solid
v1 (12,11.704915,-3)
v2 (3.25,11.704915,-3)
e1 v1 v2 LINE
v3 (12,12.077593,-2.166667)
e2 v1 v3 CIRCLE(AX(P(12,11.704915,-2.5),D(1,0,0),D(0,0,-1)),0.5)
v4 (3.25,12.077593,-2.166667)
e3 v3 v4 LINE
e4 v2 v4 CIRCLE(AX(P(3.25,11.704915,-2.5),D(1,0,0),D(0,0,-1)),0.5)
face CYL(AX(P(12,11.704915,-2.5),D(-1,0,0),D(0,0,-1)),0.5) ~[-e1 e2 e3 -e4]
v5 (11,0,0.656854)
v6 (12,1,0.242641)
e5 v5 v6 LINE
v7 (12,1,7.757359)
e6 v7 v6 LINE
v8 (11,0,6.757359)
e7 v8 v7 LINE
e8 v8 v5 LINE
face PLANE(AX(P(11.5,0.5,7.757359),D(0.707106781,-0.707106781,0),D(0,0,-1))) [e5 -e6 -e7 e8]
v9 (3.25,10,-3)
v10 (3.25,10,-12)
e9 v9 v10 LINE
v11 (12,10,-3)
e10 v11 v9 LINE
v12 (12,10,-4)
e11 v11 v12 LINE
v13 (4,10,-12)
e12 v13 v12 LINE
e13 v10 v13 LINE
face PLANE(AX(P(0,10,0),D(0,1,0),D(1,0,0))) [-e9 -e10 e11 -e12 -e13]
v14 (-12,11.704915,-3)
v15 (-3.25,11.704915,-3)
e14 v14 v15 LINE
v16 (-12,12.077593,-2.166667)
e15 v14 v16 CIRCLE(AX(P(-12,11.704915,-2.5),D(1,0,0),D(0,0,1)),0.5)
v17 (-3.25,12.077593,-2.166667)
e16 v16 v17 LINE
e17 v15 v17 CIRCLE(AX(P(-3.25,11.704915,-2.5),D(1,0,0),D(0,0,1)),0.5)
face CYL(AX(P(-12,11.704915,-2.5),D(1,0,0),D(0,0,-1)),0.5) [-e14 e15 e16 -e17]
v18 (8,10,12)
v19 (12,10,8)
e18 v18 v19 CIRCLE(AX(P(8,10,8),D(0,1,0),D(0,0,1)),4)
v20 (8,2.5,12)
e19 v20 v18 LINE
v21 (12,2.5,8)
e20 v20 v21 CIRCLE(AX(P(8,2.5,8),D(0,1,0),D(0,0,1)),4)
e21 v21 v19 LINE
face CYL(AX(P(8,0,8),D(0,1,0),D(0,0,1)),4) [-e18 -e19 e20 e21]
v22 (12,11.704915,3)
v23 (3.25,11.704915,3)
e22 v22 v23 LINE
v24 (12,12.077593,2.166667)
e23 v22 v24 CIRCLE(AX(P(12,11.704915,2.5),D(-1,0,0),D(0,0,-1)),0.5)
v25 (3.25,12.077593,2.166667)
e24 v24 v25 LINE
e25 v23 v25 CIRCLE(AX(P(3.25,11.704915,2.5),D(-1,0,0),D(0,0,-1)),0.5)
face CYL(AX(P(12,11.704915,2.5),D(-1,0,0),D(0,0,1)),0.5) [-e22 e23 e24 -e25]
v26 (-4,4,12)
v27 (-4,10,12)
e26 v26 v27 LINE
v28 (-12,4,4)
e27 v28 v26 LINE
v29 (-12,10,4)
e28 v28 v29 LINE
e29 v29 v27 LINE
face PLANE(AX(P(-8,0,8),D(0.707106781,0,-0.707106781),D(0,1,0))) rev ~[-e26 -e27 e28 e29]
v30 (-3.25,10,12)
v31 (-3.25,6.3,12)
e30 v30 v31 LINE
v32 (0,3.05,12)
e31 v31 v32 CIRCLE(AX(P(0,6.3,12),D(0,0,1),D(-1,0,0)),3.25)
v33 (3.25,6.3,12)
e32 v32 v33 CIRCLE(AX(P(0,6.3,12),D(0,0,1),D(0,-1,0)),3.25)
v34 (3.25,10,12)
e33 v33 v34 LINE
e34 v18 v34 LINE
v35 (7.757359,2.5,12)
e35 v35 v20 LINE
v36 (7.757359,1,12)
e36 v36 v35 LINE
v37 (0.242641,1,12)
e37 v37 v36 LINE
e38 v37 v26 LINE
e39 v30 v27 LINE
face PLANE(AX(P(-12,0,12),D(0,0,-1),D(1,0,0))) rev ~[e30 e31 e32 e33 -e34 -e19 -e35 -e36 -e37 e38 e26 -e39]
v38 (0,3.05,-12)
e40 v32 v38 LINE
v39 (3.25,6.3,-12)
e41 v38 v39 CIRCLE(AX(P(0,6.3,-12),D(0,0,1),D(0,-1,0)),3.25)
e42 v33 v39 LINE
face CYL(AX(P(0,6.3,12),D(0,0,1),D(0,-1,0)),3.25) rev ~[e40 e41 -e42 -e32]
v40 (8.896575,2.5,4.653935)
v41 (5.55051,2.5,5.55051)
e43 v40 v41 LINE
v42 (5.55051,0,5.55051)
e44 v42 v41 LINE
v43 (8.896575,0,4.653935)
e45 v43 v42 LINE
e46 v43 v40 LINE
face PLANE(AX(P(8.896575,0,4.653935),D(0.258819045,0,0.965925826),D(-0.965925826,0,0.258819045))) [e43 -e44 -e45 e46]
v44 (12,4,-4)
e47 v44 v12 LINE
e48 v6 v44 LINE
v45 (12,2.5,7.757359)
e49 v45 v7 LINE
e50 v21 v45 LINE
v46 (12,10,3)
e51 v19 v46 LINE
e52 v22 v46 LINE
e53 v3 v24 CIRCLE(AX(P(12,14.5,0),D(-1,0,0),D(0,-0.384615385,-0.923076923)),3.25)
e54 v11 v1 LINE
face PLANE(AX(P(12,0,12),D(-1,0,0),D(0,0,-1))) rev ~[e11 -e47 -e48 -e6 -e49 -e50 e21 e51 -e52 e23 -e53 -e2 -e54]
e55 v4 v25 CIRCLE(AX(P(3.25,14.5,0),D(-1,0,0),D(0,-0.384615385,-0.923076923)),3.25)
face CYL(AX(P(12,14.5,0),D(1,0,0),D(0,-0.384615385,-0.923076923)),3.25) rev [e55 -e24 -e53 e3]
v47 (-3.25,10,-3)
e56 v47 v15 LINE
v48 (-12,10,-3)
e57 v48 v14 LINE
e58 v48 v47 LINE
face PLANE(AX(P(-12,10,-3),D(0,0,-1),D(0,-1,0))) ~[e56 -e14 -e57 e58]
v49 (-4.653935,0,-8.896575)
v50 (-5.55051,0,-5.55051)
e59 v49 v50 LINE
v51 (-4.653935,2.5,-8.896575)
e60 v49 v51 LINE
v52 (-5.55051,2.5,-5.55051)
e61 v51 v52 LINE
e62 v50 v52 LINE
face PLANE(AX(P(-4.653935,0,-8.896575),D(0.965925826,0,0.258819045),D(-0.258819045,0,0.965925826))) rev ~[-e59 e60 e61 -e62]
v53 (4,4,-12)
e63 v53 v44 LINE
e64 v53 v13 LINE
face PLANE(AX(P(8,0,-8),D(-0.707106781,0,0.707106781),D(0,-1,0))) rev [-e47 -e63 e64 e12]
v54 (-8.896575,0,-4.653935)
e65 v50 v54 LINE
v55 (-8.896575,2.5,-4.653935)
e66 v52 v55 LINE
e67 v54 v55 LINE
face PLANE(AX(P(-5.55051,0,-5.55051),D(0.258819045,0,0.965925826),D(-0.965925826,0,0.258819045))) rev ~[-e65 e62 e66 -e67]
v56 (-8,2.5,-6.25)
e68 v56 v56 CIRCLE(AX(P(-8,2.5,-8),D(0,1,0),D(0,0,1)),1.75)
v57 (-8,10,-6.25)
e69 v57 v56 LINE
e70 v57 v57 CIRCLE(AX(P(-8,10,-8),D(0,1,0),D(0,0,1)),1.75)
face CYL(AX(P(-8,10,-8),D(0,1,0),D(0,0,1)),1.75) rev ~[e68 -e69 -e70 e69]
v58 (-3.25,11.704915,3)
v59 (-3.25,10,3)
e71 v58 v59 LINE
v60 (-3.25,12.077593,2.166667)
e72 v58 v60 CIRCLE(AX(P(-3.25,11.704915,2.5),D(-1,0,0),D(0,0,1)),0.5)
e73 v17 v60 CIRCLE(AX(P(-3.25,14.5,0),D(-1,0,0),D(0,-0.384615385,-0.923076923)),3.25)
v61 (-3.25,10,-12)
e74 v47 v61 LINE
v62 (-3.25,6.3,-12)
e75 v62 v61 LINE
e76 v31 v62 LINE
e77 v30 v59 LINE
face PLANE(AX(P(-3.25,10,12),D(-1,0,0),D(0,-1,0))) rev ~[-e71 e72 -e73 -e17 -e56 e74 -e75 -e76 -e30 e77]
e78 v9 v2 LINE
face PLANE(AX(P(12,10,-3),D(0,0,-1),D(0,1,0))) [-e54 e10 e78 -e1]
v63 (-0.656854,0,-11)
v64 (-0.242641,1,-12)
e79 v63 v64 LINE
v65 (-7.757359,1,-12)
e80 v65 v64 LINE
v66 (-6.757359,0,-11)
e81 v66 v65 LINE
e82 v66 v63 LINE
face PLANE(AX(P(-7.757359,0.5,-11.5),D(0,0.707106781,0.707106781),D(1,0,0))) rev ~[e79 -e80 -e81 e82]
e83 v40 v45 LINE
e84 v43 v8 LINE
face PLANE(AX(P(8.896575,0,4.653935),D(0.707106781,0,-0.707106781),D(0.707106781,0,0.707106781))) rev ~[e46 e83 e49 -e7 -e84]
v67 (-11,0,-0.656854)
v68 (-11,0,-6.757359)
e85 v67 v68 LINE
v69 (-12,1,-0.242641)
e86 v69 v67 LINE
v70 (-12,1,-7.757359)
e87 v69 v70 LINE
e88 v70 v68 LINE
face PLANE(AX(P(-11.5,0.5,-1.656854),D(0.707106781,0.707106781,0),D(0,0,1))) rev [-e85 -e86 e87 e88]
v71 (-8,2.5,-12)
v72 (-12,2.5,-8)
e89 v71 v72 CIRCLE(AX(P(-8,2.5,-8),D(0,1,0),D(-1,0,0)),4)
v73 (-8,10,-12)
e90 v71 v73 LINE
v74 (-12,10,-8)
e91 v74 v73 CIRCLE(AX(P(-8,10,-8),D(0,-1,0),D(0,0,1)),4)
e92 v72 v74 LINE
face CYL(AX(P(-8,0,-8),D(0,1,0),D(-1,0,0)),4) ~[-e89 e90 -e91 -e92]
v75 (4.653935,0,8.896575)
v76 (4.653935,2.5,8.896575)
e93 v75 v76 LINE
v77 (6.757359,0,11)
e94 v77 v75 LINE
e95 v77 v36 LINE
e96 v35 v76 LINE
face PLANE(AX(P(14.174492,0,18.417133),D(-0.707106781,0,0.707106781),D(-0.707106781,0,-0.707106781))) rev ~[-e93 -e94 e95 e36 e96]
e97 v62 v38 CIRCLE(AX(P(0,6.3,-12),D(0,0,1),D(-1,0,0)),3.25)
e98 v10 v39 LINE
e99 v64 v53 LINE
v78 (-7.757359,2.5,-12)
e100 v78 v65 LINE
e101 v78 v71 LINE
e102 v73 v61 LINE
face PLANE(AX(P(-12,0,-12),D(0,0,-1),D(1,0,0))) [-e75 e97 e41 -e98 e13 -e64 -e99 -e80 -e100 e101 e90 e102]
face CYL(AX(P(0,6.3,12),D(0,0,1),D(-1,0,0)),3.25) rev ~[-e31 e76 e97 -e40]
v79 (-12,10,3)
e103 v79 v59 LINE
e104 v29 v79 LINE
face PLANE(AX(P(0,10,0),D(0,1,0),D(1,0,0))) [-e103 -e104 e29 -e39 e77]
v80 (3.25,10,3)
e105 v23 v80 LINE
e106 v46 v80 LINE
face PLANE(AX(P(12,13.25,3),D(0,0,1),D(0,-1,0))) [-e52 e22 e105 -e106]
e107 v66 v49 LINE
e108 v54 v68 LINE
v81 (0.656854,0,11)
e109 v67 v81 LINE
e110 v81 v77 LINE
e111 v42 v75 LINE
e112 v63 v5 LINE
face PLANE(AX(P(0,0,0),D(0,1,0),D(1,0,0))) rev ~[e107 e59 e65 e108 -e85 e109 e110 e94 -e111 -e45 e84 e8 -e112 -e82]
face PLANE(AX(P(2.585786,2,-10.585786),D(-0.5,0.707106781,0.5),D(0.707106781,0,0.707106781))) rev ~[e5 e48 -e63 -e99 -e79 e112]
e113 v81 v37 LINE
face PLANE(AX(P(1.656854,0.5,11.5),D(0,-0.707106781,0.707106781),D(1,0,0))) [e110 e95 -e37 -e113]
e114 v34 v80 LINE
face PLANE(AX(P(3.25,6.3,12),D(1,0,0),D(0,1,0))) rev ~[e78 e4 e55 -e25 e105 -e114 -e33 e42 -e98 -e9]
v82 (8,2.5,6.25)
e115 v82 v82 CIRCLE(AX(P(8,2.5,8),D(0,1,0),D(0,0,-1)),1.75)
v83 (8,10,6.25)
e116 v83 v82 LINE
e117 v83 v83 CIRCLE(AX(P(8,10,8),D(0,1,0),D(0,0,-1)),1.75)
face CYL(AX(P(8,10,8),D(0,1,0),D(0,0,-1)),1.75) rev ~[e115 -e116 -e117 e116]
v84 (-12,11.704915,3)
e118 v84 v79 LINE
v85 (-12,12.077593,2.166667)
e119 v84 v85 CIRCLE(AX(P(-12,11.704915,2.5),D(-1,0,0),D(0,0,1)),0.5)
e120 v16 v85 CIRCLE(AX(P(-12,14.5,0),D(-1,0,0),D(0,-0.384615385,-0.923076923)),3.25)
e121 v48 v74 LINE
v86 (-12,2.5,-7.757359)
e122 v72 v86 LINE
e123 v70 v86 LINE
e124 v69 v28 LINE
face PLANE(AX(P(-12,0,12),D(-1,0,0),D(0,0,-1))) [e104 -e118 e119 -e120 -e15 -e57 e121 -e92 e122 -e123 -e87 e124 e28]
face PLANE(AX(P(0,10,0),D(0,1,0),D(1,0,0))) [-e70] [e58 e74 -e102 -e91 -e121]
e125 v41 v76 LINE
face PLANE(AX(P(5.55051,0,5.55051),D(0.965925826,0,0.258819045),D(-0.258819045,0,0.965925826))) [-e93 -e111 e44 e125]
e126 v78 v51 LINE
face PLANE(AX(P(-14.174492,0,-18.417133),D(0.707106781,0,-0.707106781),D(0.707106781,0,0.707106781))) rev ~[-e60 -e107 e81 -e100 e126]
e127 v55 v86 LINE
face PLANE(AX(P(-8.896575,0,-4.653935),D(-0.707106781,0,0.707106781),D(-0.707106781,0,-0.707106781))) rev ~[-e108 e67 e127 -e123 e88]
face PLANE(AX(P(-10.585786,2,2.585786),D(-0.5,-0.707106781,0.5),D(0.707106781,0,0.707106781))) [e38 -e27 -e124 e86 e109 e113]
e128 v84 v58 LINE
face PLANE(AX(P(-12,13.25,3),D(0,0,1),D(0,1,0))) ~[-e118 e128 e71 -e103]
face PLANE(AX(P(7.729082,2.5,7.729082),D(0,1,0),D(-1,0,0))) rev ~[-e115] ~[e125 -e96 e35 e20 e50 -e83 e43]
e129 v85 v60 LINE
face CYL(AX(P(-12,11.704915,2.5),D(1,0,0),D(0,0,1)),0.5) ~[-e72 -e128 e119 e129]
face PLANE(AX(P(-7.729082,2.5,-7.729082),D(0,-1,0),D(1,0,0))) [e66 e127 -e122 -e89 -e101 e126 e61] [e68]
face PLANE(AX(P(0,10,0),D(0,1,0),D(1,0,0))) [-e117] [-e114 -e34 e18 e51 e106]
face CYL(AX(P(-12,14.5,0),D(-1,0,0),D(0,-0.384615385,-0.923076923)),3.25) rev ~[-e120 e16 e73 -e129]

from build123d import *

# Parameters (mm, degrees)
SKETCH_1_W               = 24
SKETCH_1_H               = 24
EXTRUDE_1_DEPTH          = 10
CUT_EXTRUDE_1_DEPTH      = 29.635642127
CUT_EXTRUDE_1_DEPTH_BACK = 29.635642127
EXTRUDE_2_DEPTH          = 8.75
SKETCH_5_R               = 1.75
CUT_EXTRUDE_3_DEPTH      = 20.697715604
CHAMFER_1_SIZE           = 8
FILLET_1_R               = 4
FILLET_2_R               = 0.5
CHAMFER_2_SIZE           = 4
SKETCH_6_R               = 1.75
CUT_EXTRUDE_4_DEPTH      = 2.5
CHAMFER_3_SIZE           = 1


with BuildPart() as part:
    # 草图1 → 凸台-拉伸1 (new body)
    with BuildSketch(Plane(origin=(0, 0, 0), x_dir=(1, 0, 0), z_dir=(0, 1, 0))):
        Rectangle(SKETCH_1_W, SKETCH_1_H)
    extrude(amount=EXTRUDE_1_DEPTH)

    # 草图2 → 切除-拉伸1 (cut, two sides)
    with BuildSketch(Plane.XY.offset(12)) as cut_extrude_1_sk:
        with BuildLine():
            Line((-3.25, 10), (-3.25, 6.3))
            ThreePointArc((-3.25, 6.3), (-2.298097039, 8.598097039), (0, 9.55))
            Line((0, 9.55), (0, 10))
            Line((0, 10), (-3.25, 10))
        make_face()
        with BuildLine():
            ThreePointArc((0, 9.55), (2.298097039, 8.598097039), (3.25, 6.3))
            Line((3.25, 6.3), (3.25, 10))
            Line((3.25, 10), (0, 10))
            Line((0, 10), (0, 9.55))
        make_face()
        with BuildLine():
            ThreePointArc((-3.25, 6.3), (-2.298097039, 4.001902961), (0, 3.05))
            Line((0, 3.05), (0, 6.3))
            Line((0, 6.3), (-3.25, 6.3))
        make_face()
        with BuildLine():
            Line((0, 6.3), (0, 3.05))
            ThreePointArc((0, 3.05), (2.298097039, 4.001902961), (3.25, 6.3))
            Line((3.25, 6.3), (0, 6.3))
        make_face()
        with BuildLine():
            Line((-3.25, 6.3), (0, 6.3))
            Line((0, 6.3), (0, 9.55))
            ThreePointArc((0, 9.55), (-2.298097039, 8.598097039), (-3.25, 6.3))
        make_face()
        with BuildLine():
            Line((0, 9.55), (0, 6.3))
            Line((0, 6.3), (3.25, 6.3))
            ThreePointArc((3.25, 6.3), (2.298097039, 8.598097039), (0, 9.55))
        make_face()
    extrude(amount=CUT_EXTRUDE_1_DEPTH, mode=Mode.SUBTRACT)
    extrude(cut_extrude_1_sk.sketch, amount=-CUT_EXTRUDE_1_DEPTH_BACK, mode=Mode.SUBTRACT)

    # 草图4 → 凸台-拉伸2 (add)
    with BuildSketch(Plane(origin=(12, 0, 0), x_dir=(0, 0, -1), z_dir=(1, 0, 0))):
        with BuildLine():
            Line((-3, 10), (3, 10))
            Line((3, 10), (3, 13.25))
            ThreePointArc((3, 13.25), (0, 11.25), (-3, 13.25))
            Line((-3, 13.25), (-3, 10))
        make_face()
    extrude_2 = extrude(amount=-EXTRUDE_2_DEPTH)

    # 镜向2: 凸台-拉伸2 across plane
    add(extrude_2.mirror(Plane(origin=(0, 0, 0), x_dir=(0, 0, 1), z_dir=(1, 0, 0))))

    # 草图5 → 切除-拉伸3 (cut, through all)
    with BuildSketch(Plane(origin=(0, 10, 0), x_dir=(1, 0, 0), z_dir=(0, 1, 0))):
        with Locations(Location((-8, 8, 0), (0, 0, 270))):
            Circle(SKETCH_5_R)
        with Locations(Location((8, -8, 0), (0, 0, 90))):
            Circle(SKETCH_5_R)
    extrude(amount=-CUT_EXTRUDE_3_DEPTH, mode=Mode.SUBTRACT)

    # 倒角1
    chamfer_1_edges = [part.edges().sort_by_distance(p)[0] for p in [
        (-12, 5, 12),
        (12, 5, -12),
    ]]
    chamfer(chamfer_1_edges, length=CHAMFER_1_SIZE)

    # 圆角1
    fillet_1_edges = [part.edges().sort_by_distance(p)[0] for p in [
        (12, 5, 12),
        (-12, 5, -12),
    ]]
    fillet(fillet_1_edges, radius=FILLET_1_R)

    # 圆角2
    fillet_2_edges = [part.edges().sort_by_distance(p)[0] for p in [
        (7.625, 13.25, 3),
        (7.625, 13.25, -3),
        (-7.625, 13.25, -3),
        (-7.625, 13.25, 3),
    ]]
    fillet(fillet_2_edges, radius=FILLET_2_R)

    # 倒角2
    chamfer_2_edges = [part.edges().sort_by_distance(p)[0] for p in [
        (-8, 0, 8),
        (8, 0, -8),
    ]]
    chamfer(chamfer_2_edges, length=CHAMFER_2_SIZE)

    # 草图6 → 切除-拉伸4 (cut)
    with BuildSketch(Plane.XZ):
        Polygon((-8.896575472, -4.653934785), (-11.346065215, -7.103424528), (-7.103424528, -11.346065215), (-4.653934785, -8.896575472), (-5.550510257, -5.550510257), align=None)
        with Locations(Location((-8, -8, 0), (0, 0, 90))):
            Circle(SKETCH_6_R, mode=Mode.SUBTRACT)
        with BuildLine():
            Line((-12, -8), (-12, -7.757359313))
            Line((-12, -7.757359313), (-18.417133027, -14.17449234))
            Line((-18.417133027, -14.17449234), (-14.17449234, -18.417133027))
            Line((-14.17449234, -18.417133027), (-7.757359313, -12))
            Line((-7.757359313, -12), (-8, -12))
            ThreePointArc((-8, -12), (-10.828427125, -10.828427125), (-12, -8))
        make_face()
        with Locations(Location((-8, -8, 0), (0, 0, 90))):
            Circle(SKETCH_6_R)
        Polygon((-11.346065215, -7.103424528), (-7.103424528, -11.346065215), (-10.449489743, -10.449489743), align=None)
        with BuildLine():
            Line((-10.449489743, -10.449489743), (-11.346065215, -7.103424528))
            Line((-11.346065215, -7.103424528), (-12, -7.757359313))
            Line((-12, -7.757359313), (-12, -8))
            ThreePointArc((-12, -8), (-10.828427125, -10.828427125), (-8, -12))
            Line((-8, -12), (-7.757359313, -12))
            Line((-7.757359313, -12), (-7.103424528, -11.346065215))
            Line((-7.103424528, -11.346065215), (-10.449489743, -10.449489743))
        make_face()
        Polygon((5.550510257, 5.550510257), (4.653934785, 8.896575472), (7.103424528, 11.346065215), (11.346065215, 7.103424528), (8.896575472, 4.653934785), align=None)
        with Locations(Location((8, 8, 0), (0, 0, 270))):
            Circle(SKETCH_6_R, mode=Mode.SUBTRACT)
        with Locations(Location((8, 8, 0), (0, 0, 270))):
            Circle(SKETCH_6_R)
        Polygon((7.103424528, 11.346065215), (10.449489743, 10.449489743), (11.346065215, 7.103424528), align=None)
        with BuildLine():
            Line((8, 12), (7.757359313, 12))
            Line((7.757359313, 12), (7.103424528, 11.346065215))
            Line((7.103424528, 11.346065215), (10.449489743, 10.449489743))
            Line((10.449489743, 10.449489743), (11.346065215, 7.103424528))
            Line((11.346065215, 7.103424528), (12, 7.757359313))
            Line((12, 7.757359313), (12, 8))
            ThreePointArc((12, 8), (10.828427125, 10.828427125), (8, 12))
        make_face()
        with BuildLine():
            Line((18.417133027, 14.17449234), (14.17449234, 18.417133027))
            Line((14.17449234, 18.417133027), (7.757359313, 12))
            Line((7.757359313, 12), (8, 12))
            ThreePointArc((8, 12), (10.828427125, 10.828427125), (12, 8))
            Line((12, 8), (12, 7.757359313))
            Line((12, 7.757359313), (18.417133027, 14.17449234))
        make_face()
    extrude(amount=-CUT_EXTRUDE_4_DEPTH, mode=Mode.SUBTRACT)

    # 倒角3
    chamfer_3_edges = [part.edges().sort_by_distance(p)[0] for p in [
        (4.707106781, 0, 12),
        (-4.707106781, 0, -12),
        (12, 0, 4.707106781),
        (-12, 0, -4.707106781),
    ]]
    chamfer(chamfer_3_edges, length=CHAMFER_3_SIZE)


solid = part.part
